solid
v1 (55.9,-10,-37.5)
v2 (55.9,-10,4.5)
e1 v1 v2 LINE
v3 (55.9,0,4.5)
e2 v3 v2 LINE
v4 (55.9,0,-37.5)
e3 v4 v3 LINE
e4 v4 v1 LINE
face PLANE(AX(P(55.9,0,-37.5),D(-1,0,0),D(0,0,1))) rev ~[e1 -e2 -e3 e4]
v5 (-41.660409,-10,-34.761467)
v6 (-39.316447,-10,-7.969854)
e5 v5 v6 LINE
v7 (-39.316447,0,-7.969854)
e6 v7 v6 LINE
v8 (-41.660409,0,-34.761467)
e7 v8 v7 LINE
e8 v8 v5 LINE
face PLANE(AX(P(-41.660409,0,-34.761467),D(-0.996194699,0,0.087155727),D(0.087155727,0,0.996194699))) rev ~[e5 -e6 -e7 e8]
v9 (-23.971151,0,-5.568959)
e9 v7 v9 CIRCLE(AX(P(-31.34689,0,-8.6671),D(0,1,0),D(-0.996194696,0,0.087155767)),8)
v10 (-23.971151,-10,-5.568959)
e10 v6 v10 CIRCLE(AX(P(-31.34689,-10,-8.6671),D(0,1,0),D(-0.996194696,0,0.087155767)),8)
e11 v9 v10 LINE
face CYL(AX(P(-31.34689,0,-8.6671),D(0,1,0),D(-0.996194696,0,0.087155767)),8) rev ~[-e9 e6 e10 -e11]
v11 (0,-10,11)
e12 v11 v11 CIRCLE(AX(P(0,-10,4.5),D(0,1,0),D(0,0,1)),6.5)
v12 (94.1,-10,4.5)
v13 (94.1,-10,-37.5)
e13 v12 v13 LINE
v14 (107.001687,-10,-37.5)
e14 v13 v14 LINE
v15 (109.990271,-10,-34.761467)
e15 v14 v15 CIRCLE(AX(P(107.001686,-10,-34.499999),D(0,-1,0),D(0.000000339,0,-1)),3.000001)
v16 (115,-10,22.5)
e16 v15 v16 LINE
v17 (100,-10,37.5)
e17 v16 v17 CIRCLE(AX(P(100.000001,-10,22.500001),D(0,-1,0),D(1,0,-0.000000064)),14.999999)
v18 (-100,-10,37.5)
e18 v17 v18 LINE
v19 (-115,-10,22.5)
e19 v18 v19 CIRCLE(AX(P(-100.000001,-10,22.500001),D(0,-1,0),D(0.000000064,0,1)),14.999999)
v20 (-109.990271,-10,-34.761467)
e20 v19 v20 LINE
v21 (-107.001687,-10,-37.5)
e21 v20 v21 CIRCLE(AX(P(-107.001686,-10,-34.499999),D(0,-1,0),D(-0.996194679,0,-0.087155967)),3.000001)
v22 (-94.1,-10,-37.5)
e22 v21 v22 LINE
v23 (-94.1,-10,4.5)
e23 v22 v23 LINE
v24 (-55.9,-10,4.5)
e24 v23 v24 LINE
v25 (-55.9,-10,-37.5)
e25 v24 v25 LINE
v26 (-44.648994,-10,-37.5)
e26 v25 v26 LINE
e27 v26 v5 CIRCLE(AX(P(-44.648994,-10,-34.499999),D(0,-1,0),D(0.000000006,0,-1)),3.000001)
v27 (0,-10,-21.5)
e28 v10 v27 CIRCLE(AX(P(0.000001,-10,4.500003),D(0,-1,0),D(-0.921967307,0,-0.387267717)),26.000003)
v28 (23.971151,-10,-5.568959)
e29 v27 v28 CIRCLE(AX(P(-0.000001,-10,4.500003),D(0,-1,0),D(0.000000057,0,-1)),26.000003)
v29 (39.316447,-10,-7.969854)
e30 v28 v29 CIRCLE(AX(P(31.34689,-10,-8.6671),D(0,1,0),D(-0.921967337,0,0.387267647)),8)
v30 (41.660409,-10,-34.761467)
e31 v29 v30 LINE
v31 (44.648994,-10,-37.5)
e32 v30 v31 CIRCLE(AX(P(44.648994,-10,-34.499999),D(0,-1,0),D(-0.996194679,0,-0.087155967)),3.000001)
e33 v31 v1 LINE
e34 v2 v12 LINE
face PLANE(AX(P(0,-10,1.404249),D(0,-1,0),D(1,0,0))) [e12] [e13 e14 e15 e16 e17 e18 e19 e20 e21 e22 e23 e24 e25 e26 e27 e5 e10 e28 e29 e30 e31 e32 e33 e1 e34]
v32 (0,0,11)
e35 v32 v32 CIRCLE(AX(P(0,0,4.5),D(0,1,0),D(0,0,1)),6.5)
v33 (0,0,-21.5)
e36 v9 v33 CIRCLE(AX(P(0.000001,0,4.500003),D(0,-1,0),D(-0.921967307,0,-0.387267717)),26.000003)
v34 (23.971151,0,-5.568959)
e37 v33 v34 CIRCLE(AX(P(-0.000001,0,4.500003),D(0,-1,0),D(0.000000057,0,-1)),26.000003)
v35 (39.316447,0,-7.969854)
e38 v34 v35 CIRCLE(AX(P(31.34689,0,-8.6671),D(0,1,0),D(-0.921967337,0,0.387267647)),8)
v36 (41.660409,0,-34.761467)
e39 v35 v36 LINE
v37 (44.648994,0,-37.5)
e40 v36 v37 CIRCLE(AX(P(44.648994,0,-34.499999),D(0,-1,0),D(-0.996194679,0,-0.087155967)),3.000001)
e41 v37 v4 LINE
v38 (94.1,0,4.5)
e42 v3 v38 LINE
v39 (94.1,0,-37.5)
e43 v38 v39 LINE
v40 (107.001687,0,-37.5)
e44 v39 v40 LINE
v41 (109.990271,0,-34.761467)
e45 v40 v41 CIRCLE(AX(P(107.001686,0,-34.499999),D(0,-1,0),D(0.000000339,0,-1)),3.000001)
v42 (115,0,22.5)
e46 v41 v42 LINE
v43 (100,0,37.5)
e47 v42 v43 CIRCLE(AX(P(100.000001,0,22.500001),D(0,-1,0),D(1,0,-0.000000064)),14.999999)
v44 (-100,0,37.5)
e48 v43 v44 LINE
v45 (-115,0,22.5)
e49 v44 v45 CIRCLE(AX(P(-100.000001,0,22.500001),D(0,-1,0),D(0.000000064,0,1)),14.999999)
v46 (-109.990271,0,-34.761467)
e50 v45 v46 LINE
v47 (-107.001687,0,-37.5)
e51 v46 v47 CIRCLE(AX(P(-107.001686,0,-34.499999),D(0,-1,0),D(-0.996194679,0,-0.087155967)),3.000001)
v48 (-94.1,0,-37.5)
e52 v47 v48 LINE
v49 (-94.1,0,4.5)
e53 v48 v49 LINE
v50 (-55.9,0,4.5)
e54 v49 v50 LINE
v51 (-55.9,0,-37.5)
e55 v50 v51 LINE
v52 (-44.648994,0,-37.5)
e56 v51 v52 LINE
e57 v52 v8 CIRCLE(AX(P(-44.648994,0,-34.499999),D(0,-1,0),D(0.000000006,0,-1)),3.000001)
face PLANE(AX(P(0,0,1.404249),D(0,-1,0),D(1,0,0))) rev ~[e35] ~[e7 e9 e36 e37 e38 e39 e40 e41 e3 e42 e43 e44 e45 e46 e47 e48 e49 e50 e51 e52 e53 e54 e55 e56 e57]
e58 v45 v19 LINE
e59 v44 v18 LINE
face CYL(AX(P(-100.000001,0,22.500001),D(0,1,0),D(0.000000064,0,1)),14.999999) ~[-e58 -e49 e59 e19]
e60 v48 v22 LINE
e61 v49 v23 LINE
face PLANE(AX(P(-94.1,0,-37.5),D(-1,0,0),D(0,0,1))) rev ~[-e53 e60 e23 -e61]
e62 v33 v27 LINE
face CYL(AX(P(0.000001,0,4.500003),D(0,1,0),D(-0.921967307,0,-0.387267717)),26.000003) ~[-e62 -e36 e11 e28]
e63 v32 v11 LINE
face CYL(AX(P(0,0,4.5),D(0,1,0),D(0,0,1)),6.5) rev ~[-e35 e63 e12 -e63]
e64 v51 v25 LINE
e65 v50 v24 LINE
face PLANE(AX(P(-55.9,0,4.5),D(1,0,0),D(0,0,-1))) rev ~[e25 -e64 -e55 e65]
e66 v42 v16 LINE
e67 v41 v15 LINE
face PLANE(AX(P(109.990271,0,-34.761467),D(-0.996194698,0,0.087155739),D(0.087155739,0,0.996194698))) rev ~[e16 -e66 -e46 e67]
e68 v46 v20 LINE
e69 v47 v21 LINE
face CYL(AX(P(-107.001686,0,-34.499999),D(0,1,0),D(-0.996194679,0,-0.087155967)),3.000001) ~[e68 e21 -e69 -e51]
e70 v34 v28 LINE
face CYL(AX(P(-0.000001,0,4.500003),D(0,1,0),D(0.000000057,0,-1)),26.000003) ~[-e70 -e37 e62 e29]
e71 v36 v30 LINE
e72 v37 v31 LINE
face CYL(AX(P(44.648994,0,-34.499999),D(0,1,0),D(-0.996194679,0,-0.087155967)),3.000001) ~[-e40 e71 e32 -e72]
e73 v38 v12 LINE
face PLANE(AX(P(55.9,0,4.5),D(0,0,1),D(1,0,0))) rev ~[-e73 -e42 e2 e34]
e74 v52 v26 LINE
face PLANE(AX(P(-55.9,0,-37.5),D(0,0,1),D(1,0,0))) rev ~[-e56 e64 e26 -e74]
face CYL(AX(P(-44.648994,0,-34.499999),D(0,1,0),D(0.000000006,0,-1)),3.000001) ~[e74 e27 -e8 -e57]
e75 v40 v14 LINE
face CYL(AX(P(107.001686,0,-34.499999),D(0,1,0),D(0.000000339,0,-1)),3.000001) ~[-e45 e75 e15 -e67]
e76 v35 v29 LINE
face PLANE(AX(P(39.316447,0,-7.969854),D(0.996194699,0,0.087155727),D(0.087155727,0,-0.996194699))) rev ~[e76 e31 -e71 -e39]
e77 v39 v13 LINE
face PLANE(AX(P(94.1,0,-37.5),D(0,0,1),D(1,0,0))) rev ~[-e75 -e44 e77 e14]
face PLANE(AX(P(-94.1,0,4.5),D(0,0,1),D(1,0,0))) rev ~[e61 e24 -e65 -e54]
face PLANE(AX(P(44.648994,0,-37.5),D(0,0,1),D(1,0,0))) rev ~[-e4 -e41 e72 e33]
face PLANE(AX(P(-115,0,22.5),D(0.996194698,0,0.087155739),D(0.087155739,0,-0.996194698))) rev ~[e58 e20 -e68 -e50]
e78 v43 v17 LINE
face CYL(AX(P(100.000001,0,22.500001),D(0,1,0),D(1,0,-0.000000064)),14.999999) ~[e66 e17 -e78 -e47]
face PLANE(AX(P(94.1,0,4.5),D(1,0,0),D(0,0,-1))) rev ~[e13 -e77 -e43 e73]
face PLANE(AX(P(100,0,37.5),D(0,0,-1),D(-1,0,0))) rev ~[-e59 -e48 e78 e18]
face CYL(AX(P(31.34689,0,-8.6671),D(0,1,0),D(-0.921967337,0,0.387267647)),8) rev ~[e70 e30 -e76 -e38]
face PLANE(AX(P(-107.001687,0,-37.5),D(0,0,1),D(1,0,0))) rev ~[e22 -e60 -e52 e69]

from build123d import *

# Parameters (mm, degrees)
F1_DEPTH = 10


with BuildPart() as f1:
    # F0 (on Front) → F1 (new body)
    with BuildSketch(Plane.XZ):
        with BuildLine():
            Line((-55.9, -37.5), (-44.648994, -37.5))
            ThreePointArc((-44.648994, -37.5), (-42.622223, -36.711832), (-41.660409, -34.761467))
            Line((-41.660409, -34.761467), (-39.316447, -7.969854))
            ThreePointArc((-39.316447, -7.969854), (-32.58351, -0.763255), (-23.971151, -5.568959))
            ThreePointArc((-23.971151, -5.568959), (-14.391092, -17.154017), (0, -21.5))
            ThreePointArc((0, -21.5), (14.391092, -17.154017), (23.971151, -5.568959))
            ThreePointArc((23.971151, -5.568959), (32.58351, -0.763255), (39.316447, -7.969854))
            Line((39.316447, -7.969854), (41.660409, -34.761467))
            ThreePointArc((41.660409, -34.761467), (42.622223, -36.711832), (44.648994, -37.5))
            Line((44.648994, -37.5), (55.9, -37.5))
            Line((55.9, -37.5), (55.9, 4.5))
            Line((55.9, 4.5), (94.1, 4.5))
            Line((94.1, 4.5), (94.1, -37.5))
            Line((94.1, -37.5), (107.001687, -37.5))
            ThreePointArc((107.001687, -37.5), (109.028457, -36.711832), (109.990271, -34.761467))
            Line((109.990271, -34.761467), (115, 22.5))
            ThreePointArc((115, 22.5), (110.606602, 33.106602), (100, 37.5))
            Line((100, 37.5), (0, 37.5))
            Line((0, 37.5), (-100, 37.5))
            ThreePointArc((-100, 37.5), (-110.606602, 33.106602), (-115, 22.5))
            Line((-115, 22.5), (-109.990271, -34.761467))
            ThreePointArc((-109.990271, -34.761467), (-109.028457, -36.711832), (-107.001687, -37.5))
            Line((-107.001687, -37.5), (-94.1, -37.5))
            Line((-94.1, -37.5), (-94.1, 4.5))
            Line((-94.1, 4.5), (-55.9, 4.5))
            Line((-55.9, 4.5), (-55.9, -37.5))
        make_face()
        with BuildLine():
            ThreePointArc((0, -2), (-6.5, 4.5), (0, 11))
            ThreePointArc((0, 11), (6.5, 4.5), (0, -2))
        make_face(mode=Mode.SUBTRACT)
    extrude(amount=F1_DEPTH)


solid = f1.part
